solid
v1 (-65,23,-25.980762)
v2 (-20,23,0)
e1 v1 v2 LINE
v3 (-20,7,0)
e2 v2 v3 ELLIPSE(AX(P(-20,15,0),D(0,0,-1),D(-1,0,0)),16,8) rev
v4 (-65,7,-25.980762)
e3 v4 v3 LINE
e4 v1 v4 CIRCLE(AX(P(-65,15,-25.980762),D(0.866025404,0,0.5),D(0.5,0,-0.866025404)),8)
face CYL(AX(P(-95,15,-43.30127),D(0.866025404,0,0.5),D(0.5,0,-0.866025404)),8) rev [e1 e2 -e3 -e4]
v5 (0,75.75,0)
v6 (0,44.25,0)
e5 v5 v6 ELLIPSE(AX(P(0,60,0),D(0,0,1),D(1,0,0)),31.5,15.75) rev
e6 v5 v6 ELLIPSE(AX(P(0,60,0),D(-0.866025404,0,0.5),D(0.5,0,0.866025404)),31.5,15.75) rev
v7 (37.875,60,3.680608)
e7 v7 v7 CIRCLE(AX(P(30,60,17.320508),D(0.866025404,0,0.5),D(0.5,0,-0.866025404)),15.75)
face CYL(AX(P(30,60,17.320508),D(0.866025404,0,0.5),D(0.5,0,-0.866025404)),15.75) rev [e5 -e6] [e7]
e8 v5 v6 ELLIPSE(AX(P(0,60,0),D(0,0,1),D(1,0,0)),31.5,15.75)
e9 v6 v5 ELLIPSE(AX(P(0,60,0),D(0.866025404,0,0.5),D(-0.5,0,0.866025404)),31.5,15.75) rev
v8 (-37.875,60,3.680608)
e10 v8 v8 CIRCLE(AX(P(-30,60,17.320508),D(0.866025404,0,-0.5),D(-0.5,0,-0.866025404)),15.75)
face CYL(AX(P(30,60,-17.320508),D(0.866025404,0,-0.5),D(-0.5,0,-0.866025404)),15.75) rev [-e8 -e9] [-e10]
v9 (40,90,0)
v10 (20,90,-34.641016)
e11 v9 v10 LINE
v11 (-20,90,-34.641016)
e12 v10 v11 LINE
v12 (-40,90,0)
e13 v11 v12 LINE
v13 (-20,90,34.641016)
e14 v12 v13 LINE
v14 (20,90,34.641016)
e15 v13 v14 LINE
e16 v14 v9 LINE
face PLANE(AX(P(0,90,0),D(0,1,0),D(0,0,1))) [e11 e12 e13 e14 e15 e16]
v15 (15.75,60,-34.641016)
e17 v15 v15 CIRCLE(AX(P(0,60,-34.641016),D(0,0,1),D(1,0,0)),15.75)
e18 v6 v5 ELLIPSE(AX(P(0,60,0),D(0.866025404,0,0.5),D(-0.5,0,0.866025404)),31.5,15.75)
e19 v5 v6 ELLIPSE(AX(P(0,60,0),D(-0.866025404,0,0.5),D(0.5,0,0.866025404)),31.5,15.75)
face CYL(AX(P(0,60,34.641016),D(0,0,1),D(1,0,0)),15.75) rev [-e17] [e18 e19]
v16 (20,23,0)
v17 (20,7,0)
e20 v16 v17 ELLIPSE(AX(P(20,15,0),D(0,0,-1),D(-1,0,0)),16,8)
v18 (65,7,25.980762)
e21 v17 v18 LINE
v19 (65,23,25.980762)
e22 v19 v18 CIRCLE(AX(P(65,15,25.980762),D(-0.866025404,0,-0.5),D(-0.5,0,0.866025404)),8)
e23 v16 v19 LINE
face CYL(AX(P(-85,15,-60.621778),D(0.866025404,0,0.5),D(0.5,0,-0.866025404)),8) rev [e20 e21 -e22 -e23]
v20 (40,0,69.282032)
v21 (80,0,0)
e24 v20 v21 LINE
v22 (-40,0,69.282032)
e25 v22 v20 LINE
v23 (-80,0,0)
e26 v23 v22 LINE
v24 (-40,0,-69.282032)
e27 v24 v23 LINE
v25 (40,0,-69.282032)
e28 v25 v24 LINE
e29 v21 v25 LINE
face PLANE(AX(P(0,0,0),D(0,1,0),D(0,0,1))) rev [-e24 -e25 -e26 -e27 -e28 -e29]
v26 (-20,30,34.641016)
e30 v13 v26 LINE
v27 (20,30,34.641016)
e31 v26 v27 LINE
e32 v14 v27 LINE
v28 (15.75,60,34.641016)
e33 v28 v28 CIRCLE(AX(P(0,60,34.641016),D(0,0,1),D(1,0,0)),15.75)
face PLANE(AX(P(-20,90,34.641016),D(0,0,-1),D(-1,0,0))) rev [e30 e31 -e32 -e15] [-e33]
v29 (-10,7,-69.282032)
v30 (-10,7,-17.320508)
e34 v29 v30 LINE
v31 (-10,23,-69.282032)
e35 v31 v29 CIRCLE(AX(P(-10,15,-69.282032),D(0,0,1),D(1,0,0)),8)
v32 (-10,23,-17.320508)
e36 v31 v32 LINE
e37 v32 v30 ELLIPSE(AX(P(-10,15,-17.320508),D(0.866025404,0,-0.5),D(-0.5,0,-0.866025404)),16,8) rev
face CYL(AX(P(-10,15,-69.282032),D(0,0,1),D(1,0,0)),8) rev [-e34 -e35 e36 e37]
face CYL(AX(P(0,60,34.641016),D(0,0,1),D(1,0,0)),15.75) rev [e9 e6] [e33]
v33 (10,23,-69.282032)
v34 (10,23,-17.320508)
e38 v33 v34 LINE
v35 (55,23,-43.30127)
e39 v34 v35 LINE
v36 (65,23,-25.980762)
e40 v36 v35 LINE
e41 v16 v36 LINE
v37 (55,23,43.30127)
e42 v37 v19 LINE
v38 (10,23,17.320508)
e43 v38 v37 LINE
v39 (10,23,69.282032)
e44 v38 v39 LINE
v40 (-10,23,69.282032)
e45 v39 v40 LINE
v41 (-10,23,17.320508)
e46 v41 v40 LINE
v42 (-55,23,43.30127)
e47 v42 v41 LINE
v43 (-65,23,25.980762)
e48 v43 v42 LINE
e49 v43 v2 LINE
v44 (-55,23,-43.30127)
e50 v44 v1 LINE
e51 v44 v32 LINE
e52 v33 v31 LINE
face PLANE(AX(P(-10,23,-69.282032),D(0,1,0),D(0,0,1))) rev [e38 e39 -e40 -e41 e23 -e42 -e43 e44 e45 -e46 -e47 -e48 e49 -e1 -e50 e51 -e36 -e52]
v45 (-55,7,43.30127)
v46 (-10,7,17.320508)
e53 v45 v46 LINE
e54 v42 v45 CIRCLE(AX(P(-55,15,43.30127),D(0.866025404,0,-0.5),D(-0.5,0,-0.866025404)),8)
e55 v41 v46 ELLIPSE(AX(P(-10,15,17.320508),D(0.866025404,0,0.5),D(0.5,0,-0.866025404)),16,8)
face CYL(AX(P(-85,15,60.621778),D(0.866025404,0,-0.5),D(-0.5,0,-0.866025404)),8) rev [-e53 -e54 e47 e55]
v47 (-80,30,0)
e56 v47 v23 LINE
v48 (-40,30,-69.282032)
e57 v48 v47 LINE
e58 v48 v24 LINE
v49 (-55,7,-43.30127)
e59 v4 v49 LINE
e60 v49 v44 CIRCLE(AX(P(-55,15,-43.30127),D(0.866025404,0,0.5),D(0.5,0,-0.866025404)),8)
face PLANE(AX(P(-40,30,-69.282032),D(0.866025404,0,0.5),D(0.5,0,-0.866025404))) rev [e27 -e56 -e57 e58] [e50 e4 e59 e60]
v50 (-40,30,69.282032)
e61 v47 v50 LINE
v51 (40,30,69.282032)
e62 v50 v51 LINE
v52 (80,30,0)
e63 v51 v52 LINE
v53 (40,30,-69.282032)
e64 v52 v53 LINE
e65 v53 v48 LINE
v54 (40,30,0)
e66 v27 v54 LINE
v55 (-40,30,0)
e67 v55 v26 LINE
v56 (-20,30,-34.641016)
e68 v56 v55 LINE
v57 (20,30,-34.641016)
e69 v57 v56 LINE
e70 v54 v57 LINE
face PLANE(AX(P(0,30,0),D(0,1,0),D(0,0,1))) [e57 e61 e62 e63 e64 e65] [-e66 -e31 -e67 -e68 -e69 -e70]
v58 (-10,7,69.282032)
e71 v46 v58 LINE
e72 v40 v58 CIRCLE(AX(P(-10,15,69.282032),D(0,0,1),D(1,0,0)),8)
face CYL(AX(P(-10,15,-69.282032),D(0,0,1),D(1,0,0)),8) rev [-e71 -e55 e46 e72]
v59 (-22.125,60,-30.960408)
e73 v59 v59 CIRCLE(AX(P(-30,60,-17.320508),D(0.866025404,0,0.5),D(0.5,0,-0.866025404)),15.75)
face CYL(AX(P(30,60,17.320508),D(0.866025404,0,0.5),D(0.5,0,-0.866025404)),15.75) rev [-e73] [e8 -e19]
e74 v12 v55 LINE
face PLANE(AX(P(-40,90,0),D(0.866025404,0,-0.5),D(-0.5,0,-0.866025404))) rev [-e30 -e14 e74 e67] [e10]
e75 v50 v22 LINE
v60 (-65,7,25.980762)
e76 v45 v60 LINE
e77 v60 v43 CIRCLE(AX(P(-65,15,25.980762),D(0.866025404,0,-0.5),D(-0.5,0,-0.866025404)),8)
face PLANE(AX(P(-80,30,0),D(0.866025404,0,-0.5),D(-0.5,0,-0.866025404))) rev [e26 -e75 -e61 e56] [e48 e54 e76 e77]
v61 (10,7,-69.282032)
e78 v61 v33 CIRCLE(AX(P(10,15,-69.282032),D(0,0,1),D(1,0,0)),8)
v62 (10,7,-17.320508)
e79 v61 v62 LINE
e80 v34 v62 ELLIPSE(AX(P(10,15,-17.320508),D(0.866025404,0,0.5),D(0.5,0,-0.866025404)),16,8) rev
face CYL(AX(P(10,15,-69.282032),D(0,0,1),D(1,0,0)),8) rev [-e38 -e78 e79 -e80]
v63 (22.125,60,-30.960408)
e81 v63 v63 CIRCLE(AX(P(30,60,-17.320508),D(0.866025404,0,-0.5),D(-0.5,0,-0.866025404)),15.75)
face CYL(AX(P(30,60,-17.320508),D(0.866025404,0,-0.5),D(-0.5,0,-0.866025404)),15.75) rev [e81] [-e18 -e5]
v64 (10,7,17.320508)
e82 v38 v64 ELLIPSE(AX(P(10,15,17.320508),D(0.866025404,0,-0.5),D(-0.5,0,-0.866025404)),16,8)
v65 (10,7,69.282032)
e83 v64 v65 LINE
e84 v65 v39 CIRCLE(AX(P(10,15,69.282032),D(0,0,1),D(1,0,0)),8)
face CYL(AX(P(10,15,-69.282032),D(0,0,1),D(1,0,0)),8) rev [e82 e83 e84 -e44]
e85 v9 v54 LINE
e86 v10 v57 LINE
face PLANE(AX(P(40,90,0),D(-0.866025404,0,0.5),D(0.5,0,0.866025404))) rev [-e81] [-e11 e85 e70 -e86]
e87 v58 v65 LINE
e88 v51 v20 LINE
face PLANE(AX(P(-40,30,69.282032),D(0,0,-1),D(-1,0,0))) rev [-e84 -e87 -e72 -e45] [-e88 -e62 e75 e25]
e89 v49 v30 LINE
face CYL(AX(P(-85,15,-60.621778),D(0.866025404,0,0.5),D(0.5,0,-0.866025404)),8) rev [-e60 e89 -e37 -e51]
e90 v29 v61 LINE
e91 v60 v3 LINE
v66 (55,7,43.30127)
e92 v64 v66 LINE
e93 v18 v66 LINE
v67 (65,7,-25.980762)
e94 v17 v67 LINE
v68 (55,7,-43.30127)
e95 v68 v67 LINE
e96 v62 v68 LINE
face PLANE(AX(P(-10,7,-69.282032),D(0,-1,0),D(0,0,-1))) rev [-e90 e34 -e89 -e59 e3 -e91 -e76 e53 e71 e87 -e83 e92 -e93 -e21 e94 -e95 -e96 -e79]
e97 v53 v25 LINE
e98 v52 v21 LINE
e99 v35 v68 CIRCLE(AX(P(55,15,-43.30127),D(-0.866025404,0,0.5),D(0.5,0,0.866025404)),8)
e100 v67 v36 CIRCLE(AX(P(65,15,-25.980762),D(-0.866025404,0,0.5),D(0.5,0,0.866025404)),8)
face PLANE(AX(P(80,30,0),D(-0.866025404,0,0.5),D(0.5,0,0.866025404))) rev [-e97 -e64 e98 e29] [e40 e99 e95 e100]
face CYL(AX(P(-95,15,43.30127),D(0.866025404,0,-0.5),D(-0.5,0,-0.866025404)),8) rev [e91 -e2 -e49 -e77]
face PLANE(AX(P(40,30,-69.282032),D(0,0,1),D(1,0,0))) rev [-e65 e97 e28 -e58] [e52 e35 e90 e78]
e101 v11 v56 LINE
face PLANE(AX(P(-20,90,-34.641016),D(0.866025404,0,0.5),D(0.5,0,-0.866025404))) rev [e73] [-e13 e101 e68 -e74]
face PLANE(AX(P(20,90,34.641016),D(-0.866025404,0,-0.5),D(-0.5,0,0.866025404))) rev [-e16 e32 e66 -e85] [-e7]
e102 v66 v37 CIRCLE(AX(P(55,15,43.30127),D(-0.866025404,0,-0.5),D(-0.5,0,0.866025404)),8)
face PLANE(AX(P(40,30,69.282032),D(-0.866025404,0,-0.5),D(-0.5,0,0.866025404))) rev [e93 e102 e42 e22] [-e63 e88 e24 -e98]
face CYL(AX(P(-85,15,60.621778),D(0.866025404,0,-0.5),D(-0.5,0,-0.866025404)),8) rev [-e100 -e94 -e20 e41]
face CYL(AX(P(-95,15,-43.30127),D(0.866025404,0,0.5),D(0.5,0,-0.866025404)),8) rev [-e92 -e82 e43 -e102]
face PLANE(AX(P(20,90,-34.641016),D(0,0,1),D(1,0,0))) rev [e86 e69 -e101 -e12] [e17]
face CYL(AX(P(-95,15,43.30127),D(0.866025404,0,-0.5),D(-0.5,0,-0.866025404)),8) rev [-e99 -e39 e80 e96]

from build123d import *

# Parameters (mm, degrees)
BOSS_EXTRUDE1_DEPTH = 30
BOSS_EXTRUDE2_DEPTH = 60
HOLE1_D             = 31.5
CIRPATTERN2_COUNT   = 6
CUT_EXTRUDE1_DEPTH  = 184.575597507
CIRPATTERN3_COUNT   = 6


with BuildPart() as part:
    # Sketch1 → Boss-Extrude1 (new body)
    with BuildSketch(Plane(origin=(0, 0, 0), x_dir=(1, 0, 0), z_dir=(0, 1, 0))):
        Polygon((40, -69.282032303), (80, 0), (40, 69.282032303), (-40, 69.282032303), (-80, 0), (-40, -69.282032303), align=None)
    extrude(amount=BOSS_EXTRUDE1_DEPTH)

    # Sketch2 → Boss-Extrude2 (add)
    with BuildSketch(Plane(origin=(0, 30, 0), x_dir=(1, 0, 0), z_dir=(0, 1, 0))):
        Polygon((20, -34.641016151), (40, 0), (20, 34.641016151), (-20, 34.641016151), (-40, 0), (-20, -34.641016151), align=None)
    extrude(amount=BOSS_EXTRUDE2_DEPTH)

    # Hole1 (through all)
    with Locations(Plane.XY.offset(34.641016151)):
        with Locations((0, 60)):
            hole1 = Hole(HOLE1_D / 2)

    # CirPattern2: Hole1 ×6 about axis
    cirpattern2_axis = Axis((0, 90, 0), (0, 1, 0))
    for i in range(1, CIRPATTERN2_COUNT):
        add(hole1.rotate(cirpattern2_axis, i * 360 / CIRPATTERN2_COUNT), mode=Mode.SUBTRACT)

    # Sketch5 → Cut-Extrude1 (cut, symmetric)
    with BuildSketch(Plane.XY.offset(69.282032303)):
        with BuildLine():
            Line((-10, 23), (10, 23))
            ThreePointArc((10, 23), (18, 15), (10, 7))
            Line((10, 7), (-10, 7))
            ThreePointArc((-10, 7), (-18, 15), (-10, 23))
        make_face()
    cut_extrude1 = extrude(amount=CUT_EXTRUDE1_DEPTH, both=True, mode=Mode.SUBTRACT)

    # CirPattern3: Cut-Extrude1 ×6 about axis
    cirpattern3_axis = Axis((0, 90, 0), (0, 1, 0))
    for i in range(1, CIRPATTERN3_COUNT):
        add(cut_extrude1.rotate(cirpattern3_axis, i * 360 / CIRPATTERN3_COUNT), mode=Mode.SUBTRACT)


solid = part.part
